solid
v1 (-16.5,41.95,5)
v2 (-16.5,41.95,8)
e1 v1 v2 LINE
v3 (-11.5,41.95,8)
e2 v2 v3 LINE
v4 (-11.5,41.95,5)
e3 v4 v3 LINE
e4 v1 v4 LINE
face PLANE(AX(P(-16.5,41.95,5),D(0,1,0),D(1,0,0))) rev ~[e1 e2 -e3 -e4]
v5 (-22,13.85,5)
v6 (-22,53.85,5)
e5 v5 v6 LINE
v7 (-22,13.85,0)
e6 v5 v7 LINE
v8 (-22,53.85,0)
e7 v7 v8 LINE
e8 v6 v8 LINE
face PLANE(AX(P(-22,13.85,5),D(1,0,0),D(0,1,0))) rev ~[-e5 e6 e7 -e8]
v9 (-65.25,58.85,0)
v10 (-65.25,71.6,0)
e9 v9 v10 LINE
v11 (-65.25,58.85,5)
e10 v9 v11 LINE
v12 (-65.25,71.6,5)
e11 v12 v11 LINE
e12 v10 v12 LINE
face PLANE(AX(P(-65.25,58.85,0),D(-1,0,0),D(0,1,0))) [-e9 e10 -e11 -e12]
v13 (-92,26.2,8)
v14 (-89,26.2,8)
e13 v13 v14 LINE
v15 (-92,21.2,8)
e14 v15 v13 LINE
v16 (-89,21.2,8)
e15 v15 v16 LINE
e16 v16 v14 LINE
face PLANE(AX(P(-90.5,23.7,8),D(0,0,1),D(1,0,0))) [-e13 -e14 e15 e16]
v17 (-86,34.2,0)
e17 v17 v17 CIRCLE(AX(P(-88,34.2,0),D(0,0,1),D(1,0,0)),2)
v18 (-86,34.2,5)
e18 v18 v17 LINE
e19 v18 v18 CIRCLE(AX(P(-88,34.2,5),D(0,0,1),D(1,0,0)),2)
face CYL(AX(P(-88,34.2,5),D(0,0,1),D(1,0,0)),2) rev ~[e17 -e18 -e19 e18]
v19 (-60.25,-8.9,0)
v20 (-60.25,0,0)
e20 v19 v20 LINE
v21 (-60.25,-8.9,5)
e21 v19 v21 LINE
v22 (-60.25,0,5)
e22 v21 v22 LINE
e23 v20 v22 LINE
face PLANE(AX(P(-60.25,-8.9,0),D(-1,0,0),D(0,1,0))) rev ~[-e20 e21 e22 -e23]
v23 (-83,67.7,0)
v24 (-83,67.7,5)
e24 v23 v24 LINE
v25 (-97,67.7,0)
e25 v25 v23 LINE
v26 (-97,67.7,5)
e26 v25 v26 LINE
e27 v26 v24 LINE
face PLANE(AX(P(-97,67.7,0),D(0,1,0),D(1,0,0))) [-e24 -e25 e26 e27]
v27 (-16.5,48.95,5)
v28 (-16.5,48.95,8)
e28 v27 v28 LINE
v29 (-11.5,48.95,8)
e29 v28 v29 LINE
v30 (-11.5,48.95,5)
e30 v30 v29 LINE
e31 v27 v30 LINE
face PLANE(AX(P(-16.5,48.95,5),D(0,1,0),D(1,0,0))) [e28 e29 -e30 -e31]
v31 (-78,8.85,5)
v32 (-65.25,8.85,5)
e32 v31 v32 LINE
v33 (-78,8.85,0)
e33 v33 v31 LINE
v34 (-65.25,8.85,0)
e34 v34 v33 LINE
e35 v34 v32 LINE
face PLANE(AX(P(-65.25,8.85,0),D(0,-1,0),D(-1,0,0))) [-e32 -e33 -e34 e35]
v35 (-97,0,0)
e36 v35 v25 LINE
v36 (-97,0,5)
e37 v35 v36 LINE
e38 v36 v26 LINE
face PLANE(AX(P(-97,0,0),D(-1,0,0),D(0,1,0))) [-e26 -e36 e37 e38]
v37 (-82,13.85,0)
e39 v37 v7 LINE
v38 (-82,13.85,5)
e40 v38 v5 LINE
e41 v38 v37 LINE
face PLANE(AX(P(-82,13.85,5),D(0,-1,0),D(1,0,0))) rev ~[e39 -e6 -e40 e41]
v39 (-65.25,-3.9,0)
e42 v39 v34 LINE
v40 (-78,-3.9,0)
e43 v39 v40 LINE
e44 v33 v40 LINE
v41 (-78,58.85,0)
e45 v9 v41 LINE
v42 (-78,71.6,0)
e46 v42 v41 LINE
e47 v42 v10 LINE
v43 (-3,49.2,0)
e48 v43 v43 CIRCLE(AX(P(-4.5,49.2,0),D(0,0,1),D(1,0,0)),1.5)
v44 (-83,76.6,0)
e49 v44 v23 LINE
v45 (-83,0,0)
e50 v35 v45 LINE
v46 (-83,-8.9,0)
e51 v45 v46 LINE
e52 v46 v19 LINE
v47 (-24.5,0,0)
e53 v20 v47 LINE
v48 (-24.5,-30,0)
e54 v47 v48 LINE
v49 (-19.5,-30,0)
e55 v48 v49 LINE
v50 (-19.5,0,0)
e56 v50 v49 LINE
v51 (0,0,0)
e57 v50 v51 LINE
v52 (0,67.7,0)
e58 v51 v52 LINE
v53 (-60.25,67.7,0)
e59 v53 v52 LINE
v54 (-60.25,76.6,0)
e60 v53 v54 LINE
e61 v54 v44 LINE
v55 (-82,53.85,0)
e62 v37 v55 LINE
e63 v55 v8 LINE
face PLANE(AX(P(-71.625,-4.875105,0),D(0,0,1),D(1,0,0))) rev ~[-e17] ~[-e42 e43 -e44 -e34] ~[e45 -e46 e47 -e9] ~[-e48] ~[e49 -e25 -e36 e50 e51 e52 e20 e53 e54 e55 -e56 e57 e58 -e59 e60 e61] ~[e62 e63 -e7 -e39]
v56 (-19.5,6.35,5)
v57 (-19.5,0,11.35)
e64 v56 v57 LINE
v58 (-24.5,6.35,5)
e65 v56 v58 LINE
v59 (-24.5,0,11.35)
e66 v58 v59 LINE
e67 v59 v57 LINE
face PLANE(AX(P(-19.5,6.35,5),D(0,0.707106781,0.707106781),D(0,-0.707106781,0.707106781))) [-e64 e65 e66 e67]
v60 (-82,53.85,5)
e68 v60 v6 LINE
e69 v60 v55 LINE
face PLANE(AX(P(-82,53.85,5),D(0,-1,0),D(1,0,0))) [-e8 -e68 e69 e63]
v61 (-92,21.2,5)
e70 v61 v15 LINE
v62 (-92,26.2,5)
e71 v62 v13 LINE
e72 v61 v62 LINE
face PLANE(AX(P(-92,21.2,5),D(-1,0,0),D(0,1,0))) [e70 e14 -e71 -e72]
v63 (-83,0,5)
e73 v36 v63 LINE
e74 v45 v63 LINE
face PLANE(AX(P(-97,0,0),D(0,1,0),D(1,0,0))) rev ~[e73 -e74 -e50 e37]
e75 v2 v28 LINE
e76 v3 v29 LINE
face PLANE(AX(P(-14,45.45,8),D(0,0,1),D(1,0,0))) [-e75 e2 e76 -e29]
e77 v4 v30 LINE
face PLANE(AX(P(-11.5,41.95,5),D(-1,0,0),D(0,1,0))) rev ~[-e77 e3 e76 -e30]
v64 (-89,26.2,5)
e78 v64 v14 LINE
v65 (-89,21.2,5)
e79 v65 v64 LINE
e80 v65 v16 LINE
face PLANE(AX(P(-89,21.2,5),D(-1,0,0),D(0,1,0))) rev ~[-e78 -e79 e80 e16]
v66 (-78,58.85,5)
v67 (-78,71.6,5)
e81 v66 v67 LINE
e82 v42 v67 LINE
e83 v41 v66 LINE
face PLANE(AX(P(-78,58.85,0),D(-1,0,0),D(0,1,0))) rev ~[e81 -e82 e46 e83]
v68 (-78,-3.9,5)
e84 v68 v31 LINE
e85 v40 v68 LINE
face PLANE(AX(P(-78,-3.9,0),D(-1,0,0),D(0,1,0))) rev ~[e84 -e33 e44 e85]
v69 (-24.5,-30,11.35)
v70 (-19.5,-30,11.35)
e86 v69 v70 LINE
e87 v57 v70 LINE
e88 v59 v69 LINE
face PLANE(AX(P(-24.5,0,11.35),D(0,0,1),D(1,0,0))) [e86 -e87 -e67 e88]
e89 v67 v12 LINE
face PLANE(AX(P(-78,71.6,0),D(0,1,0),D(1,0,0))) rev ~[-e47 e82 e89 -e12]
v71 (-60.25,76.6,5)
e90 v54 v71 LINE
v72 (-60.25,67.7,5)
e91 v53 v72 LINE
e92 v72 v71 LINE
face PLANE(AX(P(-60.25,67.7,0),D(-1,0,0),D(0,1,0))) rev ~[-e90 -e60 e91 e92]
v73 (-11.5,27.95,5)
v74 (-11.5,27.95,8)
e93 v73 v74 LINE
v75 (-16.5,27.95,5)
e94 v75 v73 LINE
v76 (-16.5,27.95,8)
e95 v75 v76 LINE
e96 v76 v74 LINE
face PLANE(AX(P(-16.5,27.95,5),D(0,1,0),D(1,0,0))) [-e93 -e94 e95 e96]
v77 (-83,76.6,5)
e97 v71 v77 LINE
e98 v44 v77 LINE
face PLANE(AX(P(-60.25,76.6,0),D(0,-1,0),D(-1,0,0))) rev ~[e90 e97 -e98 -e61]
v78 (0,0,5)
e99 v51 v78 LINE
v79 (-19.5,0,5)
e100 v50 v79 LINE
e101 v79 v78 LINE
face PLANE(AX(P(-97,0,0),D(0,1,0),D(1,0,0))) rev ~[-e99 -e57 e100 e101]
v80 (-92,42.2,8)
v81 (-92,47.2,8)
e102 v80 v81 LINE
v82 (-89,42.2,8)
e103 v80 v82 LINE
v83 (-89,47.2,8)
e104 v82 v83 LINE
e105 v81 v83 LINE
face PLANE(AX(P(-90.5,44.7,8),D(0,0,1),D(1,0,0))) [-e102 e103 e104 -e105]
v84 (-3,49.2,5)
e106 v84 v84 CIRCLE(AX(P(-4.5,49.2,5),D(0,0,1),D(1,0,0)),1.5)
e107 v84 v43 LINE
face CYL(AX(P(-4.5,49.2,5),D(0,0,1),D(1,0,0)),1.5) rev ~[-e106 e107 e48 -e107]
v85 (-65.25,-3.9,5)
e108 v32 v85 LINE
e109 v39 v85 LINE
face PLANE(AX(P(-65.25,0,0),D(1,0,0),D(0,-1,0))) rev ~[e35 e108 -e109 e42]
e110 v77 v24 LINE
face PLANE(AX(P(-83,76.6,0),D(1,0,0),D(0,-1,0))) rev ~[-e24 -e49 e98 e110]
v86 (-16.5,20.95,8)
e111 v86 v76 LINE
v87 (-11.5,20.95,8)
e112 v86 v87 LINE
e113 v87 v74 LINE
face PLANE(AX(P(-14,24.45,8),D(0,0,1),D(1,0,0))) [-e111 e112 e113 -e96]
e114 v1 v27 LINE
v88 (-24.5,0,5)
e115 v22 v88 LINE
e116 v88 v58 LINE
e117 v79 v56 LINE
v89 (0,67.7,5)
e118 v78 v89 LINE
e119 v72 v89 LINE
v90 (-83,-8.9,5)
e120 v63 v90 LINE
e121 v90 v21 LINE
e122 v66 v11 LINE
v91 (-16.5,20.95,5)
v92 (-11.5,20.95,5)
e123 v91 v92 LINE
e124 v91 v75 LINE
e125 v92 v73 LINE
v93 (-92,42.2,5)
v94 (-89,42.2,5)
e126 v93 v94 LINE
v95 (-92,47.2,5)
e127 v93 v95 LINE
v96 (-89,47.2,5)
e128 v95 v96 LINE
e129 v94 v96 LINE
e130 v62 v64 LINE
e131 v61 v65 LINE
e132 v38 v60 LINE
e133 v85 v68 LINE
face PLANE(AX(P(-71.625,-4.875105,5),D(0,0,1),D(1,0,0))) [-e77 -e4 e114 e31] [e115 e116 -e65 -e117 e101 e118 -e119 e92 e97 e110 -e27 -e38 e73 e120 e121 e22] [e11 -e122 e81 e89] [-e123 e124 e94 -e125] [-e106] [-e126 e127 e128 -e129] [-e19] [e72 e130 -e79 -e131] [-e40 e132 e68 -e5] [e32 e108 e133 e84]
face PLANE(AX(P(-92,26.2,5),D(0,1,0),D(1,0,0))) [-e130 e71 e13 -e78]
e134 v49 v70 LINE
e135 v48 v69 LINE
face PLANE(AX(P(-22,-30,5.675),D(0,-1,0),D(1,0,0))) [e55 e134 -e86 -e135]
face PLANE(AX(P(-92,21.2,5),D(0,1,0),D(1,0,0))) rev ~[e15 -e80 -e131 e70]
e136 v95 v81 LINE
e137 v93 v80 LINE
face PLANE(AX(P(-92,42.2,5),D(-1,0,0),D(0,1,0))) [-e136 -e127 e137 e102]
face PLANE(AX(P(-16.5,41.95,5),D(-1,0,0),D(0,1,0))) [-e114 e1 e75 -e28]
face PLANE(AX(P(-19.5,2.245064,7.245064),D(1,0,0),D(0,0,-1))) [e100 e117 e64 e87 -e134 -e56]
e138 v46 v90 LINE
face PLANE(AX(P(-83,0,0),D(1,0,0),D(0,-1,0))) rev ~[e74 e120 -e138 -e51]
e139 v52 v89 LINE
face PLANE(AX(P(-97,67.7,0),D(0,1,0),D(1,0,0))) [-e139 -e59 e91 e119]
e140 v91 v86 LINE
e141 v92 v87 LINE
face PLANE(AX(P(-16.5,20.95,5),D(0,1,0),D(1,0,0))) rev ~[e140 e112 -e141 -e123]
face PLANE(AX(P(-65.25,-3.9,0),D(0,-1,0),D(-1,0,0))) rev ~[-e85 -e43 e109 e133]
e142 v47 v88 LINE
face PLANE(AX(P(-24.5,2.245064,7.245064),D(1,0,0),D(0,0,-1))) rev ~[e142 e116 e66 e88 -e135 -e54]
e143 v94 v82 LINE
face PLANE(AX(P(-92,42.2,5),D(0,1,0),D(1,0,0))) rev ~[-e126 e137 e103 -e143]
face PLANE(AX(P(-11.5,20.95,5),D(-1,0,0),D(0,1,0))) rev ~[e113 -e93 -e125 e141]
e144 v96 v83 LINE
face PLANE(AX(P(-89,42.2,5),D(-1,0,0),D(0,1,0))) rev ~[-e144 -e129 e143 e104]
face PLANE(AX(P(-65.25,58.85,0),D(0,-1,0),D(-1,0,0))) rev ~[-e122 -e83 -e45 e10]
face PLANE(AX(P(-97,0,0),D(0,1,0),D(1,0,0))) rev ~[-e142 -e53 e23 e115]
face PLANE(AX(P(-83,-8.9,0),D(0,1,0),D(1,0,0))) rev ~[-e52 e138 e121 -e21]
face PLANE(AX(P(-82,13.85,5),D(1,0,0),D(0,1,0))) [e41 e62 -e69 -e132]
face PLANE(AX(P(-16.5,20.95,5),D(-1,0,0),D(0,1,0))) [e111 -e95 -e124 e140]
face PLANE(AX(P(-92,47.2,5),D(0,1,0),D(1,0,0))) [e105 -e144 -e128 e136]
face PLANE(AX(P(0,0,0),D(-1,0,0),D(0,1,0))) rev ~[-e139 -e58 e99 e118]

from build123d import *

# Parameters (mm, degrees)
SKETCH1_W           = 97
SKETCH1_H           = 67.7
BOSS_EXTRUDE1_DEPTH = 5
SKETCH2_R           = 2
SKETCH2_R_2         = 1.5
SKETCH2_W           = 60
SKETCH2_H           = 40
CUT_EXTRUDE1_DEPTH  = 6
SKETCH3_W           = 3
SKETCH3_H           = 5
SKETCH3_W_2         = 5
SKETCH3_H_2         = 7
BOSS_EXTRUDE2_DEPTH = 3
SKETCH7_W           = 5
SKETCH7_H           = 11.35
BOSS_EXTRUDE4_DEPTH = 30
BOSS_EXTRUDE5_DEPTH = 5
SKETCH4_W           = 12.75
SKETCH4_H           = 12.75
CUT_EXTRUDE2_DEPTH  = 12.35
BOSS_EXTRUDE6_DEPTH = 5


with BuildPart() as part:
    # Sketch1 → Boss-Extrude1 (new body)
    with BuildSketch(Plane.XY):
        with Locations((-48.5, 33.85)):
            Rectangle(SKETCH1_W, SKETCH1_H)
    extrude(amount=BOSS_EXTRUDE1_DEPTH)

    # Sketch2 → Cut-Extrude1 (cut, through all)
    with BuildSketch(Plane.XY.offset(5)):
        with Locations((-88, 34.2)):
            Circle(SKETCH2_R)
        with Locations((-4.5, 49.2)):
            Circle(SKETCH2_R_2)
        with Locations((-52, 33.85)):
            Rectangle(SKETCH2_W, SKETCH2_H)
    extrude(amount=-CUT_EXTRUDE1_DEPTH, mode=Mode.SUBTRACT)

    # Sketch3 → Boss-Extrude2 (add)
    with BuildSketch(Plane.XY.offset(5)):
        with Locations((-90.5, 44.7)):
            Rectangle(SKETCH3_W, SKETCH3_H)
        with Locations((-90.5, 23.7)):
            Rectangle(SKETCH3_W, SKETCH3_H)
        with Locations((-14, 45.45)):
            Rectangle(SKETCH3_W_2, SKETCH3_H_2)
        with Locations((-14, 24.45)):
            Rectangle(SKETCH3_W_2, SKETCH3_H_2)
    extrude(amount=BOSS_EXTRUDE2_DEPTH)

    # Sketch7 → Boss-Extrude4 (add)
    with BuildSketch(Plane.XZ):
        with Locations((-22, 5.675)):
            Rectangle(SKETCH7_W, SKETCH7_H)
    extrude(amount=BOSS_EXTRUDE4_DEPTH)

    # Sketch8 → Boss-Extrude5 (add)
    with BuildSketch(Plane(origin=(-19.5, 0, 0), x_dir=(0, 0, -1), z_dir=(1, 0, 0))):
        Polygon((-11.35, 0), (-5, 0), (-5, 6.35), align=None)
    extrude(amount=-BOSS_EXTRUDE5_DEPTH)

    # Sketch4 → Cut-Extrude2 (cut, through all)
    with BuildSketch(Plane(origin=(0, 0, 0), x_dir=(-1, 0, 0), z_dir=(0, 0, -1))):
        with Locations((71.625, 65.225)):
            Rectangle(SKETCH4_W, SKETCH4_H)
        with Locations((71.625, 2.475)):
            Rectangle(SKETCH4_W, SKETCH4_H)
    extrude(amount=-CUT_EXTRUDE2_DEPTH, mode=Mode.SUBTRACT)

    # Sketch10 → Boss-Extrude6 (add)
    with BuildSketch(Plane(origin=(0, 0, 0), x_dir=(-1, 0, 0), z_dir=(0, 0, -1))):
        Polygon((83, 0), (83, -8.9), (60.25, -8.9), (60.25, 0), (65.25, 0), (65.25, -3.9), (78, -3.9), (78, 0), align=None)
        Polygon((83, 67.7), (78, 67.7), (78, 71.6), (65.25, 71.6), (65.25, 67.7), (60.25, 67.7), (60.25, 76.6), (83, 76.6), align=None)
    extrude(amount=-BOSS_EXTRUDE6_DEPTH)


solid = part.part
